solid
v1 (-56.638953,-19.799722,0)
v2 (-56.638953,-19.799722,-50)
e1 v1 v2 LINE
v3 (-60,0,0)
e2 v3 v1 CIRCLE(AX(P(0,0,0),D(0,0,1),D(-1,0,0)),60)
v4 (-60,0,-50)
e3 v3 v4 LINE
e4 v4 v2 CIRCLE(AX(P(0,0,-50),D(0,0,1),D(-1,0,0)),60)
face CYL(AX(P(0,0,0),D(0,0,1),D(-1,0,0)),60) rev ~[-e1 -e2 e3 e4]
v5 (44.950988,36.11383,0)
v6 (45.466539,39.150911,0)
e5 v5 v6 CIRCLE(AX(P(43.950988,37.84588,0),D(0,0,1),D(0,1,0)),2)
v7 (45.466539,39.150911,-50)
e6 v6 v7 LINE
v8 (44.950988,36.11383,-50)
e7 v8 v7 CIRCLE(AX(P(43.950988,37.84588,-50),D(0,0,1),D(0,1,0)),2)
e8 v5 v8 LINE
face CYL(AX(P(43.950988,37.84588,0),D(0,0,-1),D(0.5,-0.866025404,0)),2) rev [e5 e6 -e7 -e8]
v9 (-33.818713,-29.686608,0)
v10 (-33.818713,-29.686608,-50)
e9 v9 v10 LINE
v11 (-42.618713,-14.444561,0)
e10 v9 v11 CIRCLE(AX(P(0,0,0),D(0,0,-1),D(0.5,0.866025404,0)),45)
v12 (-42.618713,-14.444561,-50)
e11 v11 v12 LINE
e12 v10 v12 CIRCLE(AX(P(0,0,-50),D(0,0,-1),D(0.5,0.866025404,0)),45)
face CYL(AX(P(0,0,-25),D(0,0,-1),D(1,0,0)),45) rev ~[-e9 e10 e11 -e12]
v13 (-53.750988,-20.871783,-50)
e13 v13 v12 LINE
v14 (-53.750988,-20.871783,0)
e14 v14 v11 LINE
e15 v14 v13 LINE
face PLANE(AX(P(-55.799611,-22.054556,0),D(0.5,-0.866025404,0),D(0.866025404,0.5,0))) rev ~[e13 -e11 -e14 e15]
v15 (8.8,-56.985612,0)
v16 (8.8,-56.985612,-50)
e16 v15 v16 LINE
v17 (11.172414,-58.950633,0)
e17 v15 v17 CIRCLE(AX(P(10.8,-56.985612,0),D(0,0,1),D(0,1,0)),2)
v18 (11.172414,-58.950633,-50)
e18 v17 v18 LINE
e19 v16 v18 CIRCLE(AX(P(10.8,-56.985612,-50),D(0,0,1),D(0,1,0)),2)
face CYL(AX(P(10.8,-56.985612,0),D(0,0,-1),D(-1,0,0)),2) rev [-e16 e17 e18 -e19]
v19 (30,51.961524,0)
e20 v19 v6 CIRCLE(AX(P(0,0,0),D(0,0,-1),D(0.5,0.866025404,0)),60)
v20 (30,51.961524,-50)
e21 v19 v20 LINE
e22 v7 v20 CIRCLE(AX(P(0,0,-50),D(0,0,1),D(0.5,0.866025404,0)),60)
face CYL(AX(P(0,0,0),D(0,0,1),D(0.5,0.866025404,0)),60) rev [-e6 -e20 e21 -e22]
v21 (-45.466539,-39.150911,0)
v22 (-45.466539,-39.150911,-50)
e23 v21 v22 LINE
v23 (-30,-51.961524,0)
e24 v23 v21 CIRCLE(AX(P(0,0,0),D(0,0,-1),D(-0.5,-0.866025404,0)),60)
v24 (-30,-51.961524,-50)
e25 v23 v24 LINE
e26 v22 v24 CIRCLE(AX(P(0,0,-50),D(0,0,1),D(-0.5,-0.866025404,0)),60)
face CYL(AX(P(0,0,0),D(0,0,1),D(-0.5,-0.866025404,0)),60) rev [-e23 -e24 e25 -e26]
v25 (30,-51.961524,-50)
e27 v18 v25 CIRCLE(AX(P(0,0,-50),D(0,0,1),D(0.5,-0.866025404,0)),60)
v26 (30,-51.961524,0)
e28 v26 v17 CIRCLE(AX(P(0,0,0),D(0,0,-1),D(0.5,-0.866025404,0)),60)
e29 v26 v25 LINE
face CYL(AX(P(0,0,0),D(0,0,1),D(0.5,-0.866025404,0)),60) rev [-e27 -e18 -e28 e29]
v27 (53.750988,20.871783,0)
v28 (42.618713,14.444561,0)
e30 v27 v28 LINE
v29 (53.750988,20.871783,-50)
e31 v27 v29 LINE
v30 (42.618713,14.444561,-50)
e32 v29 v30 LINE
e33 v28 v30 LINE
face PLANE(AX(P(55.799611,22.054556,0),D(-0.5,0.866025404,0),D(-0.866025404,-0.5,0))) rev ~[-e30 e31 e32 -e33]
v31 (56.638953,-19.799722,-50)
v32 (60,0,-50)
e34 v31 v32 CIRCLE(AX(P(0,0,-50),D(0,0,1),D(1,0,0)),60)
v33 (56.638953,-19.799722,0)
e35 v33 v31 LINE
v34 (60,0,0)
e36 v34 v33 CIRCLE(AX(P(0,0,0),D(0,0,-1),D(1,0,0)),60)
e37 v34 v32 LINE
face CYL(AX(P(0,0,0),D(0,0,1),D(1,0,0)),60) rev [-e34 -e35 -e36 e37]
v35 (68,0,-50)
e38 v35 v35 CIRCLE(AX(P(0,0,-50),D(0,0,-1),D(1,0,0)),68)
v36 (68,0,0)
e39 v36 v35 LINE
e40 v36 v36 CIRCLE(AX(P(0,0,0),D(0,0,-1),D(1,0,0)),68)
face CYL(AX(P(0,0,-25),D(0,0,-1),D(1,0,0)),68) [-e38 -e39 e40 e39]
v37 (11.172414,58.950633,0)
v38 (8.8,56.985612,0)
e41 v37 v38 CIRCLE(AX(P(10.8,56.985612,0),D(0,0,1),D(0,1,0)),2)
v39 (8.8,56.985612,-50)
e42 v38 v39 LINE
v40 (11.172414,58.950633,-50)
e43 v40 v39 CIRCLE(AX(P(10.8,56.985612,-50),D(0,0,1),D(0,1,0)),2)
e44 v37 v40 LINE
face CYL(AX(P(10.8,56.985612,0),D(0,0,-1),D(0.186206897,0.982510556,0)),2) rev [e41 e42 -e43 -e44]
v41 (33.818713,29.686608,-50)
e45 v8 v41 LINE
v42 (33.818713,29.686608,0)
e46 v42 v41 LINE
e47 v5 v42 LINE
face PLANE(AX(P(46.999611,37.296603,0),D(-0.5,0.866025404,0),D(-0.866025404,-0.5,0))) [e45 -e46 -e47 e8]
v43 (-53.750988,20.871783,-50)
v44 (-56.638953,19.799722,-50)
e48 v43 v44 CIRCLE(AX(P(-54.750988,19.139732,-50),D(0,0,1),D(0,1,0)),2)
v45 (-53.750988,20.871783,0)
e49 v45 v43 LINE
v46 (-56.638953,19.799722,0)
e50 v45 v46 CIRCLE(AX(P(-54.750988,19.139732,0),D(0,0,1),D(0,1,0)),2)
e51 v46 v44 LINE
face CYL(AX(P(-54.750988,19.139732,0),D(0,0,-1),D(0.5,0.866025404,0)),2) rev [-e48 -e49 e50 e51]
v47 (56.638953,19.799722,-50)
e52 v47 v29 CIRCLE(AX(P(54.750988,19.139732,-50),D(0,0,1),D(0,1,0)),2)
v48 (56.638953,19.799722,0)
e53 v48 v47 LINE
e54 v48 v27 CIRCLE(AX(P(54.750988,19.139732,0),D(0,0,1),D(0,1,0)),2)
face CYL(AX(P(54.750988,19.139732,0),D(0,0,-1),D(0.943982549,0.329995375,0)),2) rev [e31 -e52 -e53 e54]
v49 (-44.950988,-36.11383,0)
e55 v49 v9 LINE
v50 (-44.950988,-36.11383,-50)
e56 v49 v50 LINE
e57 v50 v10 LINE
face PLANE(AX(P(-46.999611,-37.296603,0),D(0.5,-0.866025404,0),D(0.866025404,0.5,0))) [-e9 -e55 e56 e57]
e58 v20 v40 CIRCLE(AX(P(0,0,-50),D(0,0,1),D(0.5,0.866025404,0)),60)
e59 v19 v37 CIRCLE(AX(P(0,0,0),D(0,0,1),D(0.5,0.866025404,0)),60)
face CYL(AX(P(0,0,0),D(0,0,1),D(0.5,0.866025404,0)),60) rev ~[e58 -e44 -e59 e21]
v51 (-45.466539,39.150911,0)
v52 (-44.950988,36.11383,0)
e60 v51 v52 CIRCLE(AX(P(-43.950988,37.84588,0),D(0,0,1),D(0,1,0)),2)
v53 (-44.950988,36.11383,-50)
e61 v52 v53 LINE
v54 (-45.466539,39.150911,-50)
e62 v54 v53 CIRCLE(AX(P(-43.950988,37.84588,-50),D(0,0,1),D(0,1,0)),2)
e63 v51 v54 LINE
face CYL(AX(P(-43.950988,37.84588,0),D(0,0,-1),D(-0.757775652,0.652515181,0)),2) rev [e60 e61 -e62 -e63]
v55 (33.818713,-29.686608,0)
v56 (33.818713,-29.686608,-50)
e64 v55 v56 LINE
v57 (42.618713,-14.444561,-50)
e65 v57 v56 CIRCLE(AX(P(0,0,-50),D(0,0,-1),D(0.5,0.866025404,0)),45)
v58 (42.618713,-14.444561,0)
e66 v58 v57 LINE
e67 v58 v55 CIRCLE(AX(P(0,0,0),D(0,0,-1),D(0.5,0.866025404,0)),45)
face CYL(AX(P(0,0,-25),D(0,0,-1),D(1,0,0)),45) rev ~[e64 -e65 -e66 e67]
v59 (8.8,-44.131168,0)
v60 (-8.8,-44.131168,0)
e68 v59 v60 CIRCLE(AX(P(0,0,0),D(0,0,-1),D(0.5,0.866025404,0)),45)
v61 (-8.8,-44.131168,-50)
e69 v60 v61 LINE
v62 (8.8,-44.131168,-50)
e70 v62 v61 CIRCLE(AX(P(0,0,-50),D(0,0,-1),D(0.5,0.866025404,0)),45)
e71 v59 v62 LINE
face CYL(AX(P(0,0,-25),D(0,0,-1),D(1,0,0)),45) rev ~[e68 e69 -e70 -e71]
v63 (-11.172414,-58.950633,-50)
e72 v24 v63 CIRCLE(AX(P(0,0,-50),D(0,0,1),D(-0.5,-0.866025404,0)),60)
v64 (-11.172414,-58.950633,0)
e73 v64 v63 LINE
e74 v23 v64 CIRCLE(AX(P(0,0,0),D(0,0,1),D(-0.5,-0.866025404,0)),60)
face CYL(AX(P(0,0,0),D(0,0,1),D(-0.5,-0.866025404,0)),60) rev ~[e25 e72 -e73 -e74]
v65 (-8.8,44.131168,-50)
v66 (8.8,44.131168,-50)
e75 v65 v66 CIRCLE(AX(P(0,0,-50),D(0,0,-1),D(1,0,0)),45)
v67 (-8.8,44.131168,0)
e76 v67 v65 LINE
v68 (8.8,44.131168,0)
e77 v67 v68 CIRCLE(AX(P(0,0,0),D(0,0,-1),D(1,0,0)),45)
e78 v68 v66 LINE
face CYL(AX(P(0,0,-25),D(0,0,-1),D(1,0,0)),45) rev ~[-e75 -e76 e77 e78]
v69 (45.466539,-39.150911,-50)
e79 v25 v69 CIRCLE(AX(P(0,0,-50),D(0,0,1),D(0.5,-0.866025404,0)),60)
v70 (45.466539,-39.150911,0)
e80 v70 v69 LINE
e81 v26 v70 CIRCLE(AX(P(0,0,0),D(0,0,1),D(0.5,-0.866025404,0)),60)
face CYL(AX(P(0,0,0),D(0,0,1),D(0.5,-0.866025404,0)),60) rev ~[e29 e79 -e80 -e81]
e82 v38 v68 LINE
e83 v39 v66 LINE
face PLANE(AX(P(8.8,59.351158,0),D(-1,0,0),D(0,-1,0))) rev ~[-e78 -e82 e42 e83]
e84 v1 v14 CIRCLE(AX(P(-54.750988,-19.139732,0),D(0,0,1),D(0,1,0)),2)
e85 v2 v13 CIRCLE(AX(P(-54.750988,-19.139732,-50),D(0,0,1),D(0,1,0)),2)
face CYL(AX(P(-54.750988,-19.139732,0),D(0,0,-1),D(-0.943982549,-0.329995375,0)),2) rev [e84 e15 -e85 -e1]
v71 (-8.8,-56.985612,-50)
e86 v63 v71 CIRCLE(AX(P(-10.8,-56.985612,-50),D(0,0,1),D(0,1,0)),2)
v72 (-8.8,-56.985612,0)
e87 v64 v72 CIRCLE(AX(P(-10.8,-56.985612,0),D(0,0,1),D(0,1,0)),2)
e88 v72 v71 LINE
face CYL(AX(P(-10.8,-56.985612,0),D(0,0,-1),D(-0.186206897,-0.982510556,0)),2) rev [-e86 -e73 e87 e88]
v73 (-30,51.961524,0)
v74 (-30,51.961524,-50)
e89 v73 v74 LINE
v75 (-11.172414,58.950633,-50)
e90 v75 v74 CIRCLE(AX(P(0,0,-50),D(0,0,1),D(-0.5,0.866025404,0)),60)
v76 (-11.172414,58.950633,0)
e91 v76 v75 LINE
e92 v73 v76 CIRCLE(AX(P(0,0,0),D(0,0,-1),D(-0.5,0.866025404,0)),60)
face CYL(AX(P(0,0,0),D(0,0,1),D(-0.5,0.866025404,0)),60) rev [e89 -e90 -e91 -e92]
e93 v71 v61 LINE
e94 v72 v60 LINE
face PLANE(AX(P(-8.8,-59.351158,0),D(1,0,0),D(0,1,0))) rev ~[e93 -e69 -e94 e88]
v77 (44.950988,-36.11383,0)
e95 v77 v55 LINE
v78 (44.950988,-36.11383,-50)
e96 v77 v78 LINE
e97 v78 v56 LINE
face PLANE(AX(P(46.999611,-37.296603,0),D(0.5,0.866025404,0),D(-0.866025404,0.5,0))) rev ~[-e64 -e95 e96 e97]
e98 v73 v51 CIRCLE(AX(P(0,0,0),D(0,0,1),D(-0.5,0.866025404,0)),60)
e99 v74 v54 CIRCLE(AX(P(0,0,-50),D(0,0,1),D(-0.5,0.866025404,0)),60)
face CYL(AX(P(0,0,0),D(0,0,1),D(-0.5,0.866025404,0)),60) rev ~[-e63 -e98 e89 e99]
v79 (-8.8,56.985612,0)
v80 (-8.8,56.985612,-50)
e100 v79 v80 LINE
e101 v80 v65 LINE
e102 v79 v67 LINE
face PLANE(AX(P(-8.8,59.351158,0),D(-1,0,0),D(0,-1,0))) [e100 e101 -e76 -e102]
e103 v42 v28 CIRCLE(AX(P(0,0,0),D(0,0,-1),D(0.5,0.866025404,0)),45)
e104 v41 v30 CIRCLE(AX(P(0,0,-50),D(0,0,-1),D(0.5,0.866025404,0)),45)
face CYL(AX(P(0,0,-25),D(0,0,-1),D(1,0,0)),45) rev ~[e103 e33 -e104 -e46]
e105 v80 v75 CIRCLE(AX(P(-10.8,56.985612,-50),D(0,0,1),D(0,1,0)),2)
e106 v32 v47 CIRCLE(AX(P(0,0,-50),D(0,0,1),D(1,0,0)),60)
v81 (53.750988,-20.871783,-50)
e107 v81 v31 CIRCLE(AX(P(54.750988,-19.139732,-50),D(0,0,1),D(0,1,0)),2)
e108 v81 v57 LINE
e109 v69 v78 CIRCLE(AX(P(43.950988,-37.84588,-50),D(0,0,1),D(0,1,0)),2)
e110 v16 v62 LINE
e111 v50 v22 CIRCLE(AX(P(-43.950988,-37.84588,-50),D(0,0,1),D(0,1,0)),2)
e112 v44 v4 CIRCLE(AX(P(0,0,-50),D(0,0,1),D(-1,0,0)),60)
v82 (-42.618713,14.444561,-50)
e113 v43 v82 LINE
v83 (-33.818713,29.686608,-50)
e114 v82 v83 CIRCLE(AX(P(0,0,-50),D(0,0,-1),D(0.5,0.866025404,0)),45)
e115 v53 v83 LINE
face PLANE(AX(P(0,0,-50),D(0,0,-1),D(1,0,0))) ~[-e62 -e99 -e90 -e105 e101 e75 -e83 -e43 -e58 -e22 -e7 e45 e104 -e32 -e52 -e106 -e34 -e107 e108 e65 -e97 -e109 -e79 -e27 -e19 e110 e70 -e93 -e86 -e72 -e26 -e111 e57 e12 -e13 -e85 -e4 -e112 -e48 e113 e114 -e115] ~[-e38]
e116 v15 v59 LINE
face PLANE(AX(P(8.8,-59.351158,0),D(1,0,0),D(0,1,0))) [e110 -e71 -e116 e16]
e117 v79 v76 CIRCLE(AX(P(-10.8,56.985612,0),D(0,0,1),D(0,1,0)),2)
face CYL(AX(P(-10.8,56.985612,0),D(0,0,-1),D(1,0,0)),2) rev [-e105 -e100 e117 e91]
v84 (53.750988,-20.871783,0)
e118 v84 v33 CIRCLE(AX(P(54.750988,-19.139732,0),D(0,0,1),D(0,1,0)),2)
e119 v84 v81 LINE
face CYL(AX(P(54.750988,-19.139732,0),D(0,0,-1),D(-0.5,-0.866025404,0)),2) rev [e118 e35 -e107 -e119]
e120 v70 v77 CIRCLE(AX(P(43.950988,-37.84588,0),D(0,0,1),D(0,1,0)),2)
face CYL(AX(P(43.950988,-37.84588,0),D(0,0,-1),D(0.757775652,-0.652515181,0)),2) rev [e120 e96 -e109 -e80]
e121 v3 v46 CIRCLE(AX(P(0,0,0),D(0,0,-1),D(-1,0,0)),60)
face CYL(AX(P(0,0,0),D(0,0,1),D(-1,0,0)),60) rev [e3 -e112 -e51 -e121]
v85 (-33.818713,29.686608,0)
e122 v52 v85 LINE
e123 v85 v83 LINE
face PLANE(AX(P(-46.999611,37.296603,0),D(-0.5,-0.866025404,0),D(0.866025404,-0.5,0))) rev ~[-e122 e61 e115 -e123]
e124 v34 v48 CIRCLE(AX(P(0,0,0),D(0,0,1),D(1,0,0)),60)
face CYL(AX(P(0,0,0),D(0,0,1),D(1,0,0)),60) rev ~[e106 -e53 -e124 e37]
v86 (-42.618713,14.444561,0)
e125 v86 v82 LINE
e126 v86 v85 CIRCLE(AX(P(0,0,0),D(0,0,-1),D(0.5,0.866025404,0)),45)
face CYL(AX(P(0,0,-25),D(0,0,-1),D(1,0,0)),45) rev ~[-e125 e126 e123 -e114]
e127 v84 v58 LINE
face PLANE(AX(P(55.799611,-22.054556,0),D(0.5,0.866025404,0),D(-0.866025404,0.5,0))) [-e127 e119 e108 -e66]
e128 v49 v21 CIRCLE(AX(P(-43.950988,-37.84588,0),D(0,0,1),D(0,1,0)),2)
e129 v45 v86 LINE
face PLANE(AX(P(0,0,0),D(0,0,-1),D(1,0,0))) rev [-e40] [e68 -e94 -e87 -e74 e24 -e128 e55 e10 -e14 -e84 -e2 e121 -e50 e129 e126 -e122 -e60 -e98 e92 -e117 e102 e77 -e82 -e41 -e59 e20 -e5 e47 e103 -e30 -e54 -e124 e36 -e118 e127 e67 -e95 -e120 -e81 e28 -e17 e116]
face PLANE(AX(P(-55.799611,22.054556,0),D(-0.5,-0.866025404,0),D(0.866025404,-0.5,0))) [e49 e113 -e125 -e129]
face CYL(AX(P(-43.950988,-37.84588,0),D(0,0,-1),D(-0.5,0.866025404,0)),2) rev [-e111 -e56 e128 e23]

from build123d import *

# Parameters (mm, degrees)
SKETCH_1_W                       = 50
SKETCH_1_H                       = 23
CUT_EXTRUDE_1_DEPTH              = 109.388191239
FILLET_1_R                       = 2
PATTERN_CIRCULAR_1_COUNT         = 6
FILLET_1_OF_PATTERN_CIRCULAR_1_R = 2


with BuildPart() as part:
    # Эскиз1 → Повернуть1 (revolve)
    with BuildSketch(Plane(origin=(0, 0, 0), x_dir=(0, 0, -1), z_dir=(1, 0, 0)), mode=Mode.PRIVATE) as revolve_1_sk:
        with Locations((25, 56.5)):
            Rectangle(SKETCH_1_W, SKETCH_1_H)
    revolve(revolve_1_sk.sketch.rotate(Axis((0, 0, 0), (0, 0, -1)), 90), axis=Axis((0, 0, 0), (0, 0, -1)))

    # Эскиз2 → Вырез-Вытянуть1 (cut, through all)
    with BuildSketch(Plane.XY):
        with BuildLine():
            Line((-8.8, 59.351158371), (-8.8, 44.131168124))
            ThreePointArc((-8.8, 44.131168124), (-15.861240947, 42.112005837), (-22.5, 38.97114317))
            Line((-22.5, 38.97114317), (-30, 51.961524227))
            ThreePointArc((-30, 51.961524227), (-19.748713204, 56.65675888), (-8.8, 59.351158371))
        make_face()
        with BuildLine():
            Line((8.8, 59.351158371), (8.8, 44.131168124))
            ThreePointArc((8.8, 44.131168124), (15.861240947, 42.112005837), (22.5, 38.97114317))
            Line((22.5, 38.97114317), (30, 51.961524227))
            ThreePointArc((30, 51.961524227), (19.748713204, 56.65675888), (8.8, 59.351158371))
        make_face()
    cut_extrude_1 = extrude(amount=-CUT_EXTRUDE_1_DEPTH, mode=Mode.SUBTRACT)

    # Скругление1
    fillet_1_edges = [part.edges().sort_by_distance(p)[0] for p in [
        (-8.8, 59.351158371, -25),
        (8.8, 59.351158371, -25),
    ]]
    fillet(fillet_1_edges, radius=FILLET_1_R)

    # Круговой массив1: Вырез-Вытянуть1 ×6 about axis
    pattern_circular_1_axis = Axis((0, 0, 0), (0, 0, 1))
    for i in range(1, PATTERN_CIRCULAR_1_COUNT):
        add(cut_extrude_1.rotate(pattern_circular_1_axis, i * 360 / PATTERN_CIRCULAR_1_COUNT), mode=Mode.SUBTRACT)

    # Скругление1 of Круговой массив1
    fillet_1_of_pattern_circular_1_edges = [part.edges().sort_by_distance(p)[0] for p in [
        (-55.799610893, 22.054555632, -25),
        (-46.999610893, 37.296602739, -25),
        (-46.999610893, -37.296602739, -25),
        (-55.799610893, -22.054555632, -25),
        (8.8, -59.351158371, -25),
        (-8.8, -59.351158371, -25),
        (55.799610893, -22.054555632, -25),
        (46.999610893, -37.296602739, -25),
        (46.999610893, 37.296602739, -25),
        (55.799610893, 22.054555632, -25),
    ]]
    fillet(fillet_1_of_pattern_circular_1_edges, radius=FILLET_1_OF_PATTERN_CIRCULAR_1_R)


solid = part.part
